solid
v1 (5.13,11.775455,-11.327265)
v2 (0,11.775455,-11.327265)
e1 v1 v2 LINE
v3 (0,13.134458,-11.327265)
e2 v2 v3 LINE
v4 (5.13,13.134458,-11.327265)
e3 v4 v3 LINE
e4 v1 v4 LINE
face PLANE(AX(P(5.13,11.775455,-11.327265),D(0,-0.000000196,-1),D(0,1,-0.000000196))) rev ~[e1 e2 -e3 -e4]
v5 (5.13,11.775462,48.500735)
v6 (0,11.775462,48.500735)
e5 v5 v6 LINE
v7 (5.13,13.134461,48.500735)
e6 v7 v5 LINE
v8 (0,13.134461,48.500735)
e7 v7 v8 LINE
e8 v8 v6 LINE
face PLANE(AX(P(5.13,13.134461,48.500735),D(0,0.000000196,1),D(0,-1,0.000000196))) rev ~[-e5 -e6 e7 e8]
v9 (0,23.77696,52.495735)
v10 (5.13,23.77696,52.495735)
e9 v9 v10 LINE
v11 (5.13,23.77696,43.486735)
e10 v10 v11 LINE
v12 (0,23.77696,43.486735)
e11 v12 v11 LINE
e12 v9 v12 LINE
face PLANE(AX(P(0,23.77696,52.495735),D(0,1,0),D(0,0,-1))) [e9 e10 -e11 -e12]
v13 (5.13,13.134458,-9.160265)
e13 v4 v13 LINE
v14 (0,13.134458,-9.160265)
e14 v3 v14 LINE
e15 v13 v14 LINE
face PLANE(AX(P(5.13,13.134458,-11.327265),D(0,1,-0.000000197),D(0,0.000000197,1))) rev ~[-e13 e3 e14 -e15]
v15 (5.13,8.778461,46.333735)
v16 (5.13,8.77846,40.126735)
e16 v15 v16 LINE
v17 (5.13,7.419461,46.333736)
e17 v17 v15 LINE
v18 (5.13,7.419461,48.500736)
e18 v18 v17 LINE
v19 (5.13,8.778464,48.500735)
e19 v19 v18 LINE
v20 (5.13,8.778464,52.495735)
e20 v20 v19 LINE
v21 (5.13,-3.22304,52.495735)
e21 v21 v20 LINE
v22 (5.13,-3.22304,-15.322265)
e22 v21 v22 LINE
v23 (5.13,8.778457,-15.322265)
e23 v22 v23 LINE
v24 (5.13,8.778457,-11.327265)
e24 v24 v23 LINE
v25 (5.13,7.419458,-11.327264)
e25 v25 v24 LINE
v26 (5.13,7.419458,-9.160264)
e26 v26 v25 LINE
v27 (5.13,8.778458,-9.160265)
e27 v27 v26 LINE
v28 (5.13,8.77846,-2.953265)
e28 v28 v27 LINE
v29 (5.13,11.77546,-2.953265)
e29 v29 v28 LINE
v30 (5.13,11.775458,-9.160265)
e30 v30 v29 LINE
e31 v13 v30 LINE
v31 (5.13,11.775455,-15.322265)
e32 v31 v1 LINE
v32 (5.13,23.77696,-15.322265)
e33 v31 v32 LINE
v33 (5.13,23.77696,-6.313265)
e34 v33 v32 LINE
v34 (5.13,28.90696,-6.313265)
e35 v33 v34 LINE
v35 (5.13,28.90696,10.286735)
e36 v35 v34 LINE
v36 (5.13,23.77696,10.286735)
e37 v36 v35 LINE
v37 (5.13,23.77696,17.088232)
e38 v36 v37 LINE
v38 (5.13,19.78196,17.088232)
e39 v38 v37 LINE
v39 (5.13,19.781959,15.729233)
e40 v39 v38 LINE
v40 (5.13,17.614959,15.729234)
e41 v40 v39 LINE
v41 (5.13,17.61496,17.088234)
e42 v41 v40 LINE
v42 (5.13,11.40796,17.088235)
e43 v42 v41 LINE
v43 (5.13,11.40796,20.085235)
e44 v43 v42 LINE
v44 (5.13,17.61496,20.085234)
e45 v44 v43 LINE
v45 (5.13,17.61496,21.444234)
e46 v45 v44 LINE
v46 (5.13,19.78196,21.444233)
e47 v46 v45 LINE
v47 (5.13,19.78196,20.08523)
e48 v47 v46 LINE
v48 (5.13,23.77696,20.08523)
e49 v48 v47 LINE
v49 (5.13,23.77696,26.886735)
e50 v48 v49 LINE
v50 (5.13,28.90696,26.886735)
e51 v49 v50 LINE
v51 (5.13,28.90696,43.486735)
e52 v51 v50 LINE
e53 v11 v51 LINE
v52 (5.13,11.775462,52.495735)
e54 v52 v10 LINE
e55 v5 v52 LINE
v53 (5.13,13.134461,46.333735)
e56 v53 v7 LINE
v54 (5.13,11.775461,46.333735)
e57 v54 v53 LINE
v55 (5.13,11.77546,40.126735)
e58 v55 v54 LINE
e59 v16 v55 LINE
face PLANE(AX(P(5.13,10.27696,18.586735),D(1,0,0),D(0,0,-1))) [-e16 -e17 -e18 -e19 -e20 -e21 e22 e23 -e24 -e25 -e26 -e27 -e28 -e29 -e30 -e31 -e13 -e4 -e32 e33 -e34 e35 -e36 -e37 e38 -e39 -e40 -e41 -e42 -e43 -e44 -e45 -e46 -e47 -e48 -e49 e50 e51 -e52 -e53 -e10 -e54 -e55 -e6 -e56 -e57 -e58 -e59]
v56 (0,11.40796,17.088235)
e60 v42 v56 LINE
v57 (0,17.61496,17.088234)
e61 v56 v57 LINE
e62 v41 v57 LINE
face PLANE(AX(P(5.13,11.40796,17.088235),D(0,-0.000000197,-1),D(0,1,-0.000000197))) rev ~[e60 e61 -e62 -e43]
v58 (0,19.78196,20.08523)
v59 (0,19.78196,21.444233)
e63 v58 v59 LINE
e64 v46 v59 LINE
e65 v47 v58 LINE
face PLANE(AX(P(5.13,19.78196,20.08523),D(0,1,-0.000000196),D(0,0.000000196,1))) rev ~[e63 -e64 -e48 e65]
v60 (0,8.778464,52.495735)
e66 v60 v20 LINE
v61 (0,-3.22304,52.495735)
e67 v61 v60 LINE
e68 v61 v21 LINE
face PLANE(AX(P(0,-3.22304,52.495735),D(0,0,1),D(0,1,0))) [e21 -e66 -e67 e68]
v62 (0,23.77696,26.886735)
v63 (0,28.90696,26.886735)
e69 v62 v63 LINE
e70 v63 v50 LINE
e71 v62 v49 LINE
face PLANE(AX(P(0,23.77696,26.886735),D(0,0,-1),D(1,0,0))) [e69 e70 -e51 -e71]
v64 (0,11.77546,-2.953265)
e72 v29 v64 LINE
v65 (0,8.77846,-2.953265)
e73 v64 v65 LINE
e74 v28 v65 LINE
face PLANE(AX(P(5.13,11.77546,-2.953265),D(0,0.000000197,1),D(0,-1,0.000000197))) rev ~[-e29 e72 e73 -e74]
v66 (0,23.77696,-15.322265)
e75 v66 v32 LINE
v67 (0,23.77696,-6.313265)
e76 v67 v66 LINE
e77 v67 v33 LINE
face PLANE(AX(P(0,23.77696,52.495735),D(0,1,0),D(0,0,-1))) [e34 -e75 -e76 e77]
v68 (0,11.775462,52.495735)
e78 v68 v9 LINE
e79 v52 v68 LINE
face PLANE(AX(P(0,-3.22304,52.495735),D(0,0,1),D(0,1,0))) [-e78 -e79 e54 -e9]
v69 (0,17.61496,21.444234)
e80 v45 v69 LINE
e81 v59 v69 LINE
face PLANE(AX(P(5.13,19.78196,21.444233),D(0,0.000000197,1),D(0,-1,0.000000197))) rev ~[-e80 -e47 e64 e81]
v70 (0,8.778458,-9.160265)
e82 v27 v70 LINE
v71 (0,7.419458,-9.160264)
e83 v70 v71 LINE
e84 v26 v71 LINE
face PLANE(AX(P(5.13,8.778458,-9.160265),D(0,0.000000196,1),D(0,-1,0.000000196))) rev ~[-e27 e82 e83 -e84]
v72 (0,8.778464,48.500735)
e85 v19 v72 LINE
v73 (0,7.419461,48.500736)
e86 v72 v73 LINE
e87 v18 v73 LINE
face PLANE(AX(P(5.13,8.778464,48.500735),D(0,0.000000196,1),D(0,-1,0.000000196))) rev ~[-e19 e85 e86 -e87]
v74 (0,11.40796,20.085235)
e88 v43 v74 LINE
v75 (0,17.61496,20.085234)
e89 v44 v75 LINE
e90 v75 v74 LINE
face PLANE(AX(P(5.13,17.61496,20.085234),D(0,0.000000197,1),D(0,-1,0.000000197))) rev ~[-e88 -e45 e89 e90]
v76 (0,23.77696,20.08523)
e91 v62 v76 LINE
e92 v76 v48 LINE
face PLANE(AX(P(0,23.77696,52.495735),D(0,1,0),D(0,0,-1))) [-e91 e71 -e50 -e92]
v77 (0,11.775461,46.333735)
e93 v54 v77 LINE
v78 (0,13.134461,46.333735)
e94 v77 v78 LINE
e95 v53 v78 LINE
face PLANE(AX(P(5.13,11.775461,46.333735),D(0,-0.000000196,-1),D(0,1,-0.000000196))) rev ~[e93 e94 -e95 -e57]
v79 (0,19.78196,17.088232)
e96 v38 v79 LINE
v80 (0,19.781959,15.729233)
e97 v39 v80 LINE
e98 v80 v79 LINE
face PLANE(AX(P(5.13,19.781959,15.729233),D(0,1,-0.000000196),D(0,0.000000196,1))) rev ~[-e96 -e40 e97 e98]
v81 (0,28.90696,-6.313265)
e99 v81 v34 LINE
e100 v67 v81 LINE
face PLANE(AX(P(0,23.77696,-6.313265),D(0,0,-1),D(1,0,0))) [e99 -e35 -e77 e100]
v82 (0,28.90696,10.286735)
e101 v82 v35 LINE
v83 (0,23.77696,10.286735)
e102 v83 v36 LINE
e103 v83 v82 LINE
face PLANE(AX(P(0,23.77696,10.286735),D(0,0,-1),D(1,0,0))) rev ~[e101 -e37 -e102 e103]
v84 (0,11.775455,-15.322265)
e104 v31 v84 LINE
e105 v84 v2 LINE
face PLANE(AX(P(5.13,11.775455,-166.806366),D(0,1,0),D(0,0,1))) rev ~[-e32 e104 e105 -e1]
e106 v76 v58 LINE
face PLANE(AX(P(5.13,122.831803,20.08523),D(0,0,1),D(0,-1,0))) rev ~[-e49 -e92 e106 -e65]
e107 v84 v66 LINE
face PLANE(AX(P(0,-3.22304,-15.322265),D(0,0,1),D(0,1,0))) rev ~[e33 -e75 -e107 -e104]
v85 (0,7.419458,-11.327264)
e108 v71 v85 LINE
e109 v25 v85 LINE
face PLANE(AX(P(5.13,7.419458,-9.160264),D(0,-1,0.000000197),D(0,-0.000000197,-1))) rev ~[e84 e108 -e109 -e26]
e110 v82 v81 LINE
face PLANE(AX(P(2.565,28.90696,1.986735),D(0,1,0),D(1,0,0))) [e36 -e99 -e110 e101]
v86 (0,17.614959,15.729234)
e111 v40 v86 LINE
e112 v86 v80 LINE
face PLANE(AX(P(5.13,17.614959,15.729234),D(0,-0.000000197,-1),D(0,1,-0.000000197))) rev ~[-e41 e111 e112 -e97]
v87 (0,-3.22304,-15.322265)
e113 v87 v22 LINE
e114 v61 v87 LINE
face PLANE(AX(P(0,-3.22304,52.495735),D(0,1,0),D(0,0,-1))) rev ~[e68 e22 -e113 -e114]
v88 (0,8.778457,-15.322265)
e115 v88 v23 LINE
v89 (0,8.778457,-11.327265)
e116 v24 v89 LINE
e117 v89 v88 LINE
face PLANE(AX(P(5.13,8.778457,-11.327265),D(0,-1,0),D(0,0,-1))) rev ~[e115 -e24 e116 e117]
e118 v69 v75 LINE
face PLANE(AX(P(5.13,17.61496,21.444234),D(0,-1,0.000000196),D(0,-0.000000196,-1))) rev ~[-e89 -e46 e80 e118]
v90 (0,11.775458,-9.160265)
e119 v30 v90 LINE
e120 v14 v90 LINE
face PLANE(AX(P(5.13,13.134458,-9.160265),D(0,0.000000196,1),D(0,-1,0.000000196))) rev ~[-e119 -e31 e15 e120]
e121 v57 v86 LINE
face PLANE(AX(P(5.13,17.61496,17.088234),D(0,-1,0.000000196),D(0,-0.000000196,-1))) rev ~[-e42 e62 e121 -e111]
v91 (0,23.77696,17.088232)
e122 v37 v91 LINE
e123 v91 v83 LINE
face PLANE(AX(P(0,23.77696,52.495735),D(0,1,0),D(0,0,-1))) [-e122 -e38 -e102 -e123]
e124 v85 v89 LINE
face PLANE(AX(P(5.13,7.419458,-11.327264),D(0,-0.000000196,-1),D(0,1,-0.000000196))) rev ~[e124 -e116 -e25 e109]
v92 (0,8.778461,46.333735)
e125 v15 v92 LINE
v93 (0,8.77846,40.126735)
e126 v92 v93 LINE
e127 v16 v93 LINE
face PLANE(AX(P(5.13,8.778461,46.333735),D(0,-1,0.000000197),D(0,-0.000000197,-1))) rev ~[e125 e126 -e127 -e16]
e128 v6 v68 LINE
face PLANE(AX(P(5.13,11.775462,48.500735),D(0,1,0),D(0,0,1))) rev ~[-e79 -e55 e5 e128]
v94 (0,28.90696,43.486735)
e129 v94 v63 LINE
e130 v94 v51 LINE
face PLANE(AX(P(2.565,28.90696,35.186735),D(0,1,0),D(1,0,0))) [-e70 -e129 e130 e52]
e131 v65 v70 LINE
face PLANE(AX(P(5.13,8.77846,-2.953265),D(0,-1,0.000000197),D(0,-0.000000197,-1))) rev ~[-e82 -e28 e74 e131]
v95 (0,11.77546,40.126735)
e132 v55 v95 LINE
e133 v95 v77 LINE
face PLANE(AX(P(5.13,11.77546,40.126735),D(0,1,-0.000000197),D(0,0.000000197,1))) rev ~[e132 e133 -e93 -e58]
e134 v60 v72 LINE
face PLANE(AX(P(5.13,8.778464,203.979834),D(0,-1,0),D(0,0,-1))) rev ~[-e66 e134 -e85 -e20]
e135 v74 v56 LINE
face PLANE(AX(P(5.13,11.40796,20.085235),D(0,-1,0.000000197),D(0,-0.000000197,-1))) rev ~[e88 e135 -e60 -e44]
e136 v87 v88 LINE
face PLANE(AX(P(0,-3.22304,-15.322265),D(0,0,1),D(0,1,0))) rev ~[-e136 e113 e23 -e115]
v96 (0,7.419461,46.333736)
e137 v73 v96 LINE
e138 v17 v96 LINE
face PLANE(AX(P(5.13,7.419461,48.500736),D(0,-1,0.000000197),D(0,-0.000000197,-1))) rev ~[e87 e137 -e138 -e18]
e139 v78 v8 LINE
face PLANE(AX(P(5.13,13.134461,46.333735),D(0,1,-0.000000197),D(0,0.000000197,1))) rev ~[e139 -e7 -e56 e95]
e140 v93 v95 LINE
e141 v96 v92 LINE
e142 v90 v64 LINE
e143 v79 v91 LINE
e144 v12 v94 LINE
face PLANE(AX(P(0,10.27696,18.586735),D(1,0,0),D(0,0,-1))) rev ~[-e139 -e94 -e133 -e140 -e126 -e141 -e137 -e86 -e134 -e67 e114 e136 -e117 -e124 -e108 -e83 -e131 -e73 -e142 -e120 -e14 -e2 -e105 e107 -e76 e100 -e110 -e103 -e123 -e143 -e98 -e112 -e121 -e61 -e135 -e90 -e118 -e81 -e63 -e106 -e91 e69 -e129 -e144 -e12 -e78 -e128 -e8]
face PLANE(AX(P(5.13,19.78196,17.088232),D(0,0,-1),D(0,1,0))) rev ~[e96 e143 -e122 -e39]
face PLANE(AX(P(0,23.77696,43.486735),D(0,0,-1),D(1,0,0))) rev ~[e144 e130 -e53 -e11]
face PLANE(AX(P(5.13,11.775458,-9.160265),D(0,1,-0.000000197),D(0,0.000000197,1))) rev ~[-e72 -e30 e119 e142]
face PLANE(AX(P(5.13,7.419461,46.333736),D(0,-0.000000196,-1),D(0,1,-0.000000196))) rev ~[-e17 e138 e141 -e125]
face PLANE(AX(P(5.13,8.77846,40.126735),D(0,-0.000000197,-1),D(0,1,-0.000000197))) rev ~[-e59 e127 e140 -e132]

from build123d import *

# Parameters (mm, degrees)
SKETCH2_W               = 67.818
SKETCH2_H               = 27
BOSS_EXTRUDE1_DEPTH     = 5.13
SKETCH3_W               = 5.13
SKETCH3_H               = 16.6
BOSS_EXTRUDE2_DEPTH     = 5.13
CUT_EXTRUDE3_DEPTH      = 1
CUT_EXTRUDE3_DEPTH_BACK = 6.13
T_SLOT_DEPTH            = 1
T_SLOT_DEPTH_BACK       = 6.13
CUT_EXTRUDE6_DEPTH      = 1
CUT_EXTRUDE6_DEPTH_BACK = 6.13


with BuildPart() as part:
    # Sketch2 → Boss-Extrude1 (new body)
    with BuildSketch(Plane(origin=(0, 0, 0), x_dir=(0, 0, -1), z_dir=(1, 0, 0))):
        with Locations((-18.586734769, 10.276959542)):
            Rectangle(SKETCH2_W, SKETCH2_H)
    extrude(amount=BOSS_EXTRUDE1_DEPTH)

    # Sketch3 → Boss-Extrude2 (add)
    with BuildSketch(Plane(origin=(0, 23.776959542, 0), x_dir=(1, 0, 0), z_dir=(0, 1, 0))):
        with Locations((2.565, -1.986734769)):
            Rectangle(SKETCH3_W, SKETCH3_H)
        with Locations((2.565, -35.186734769)):
            Rectangle(SKETCH3_W, SKETCH3_H)
    extrude(amount=BOSS_EXTRUDE2_DEPTH)

    # Sketch6 → Cut-Extrude3 (cut, two sides)
    with BuildSketch(Plane(origin=(5.13, 0, 0), x_dir=(0, 0, -1), z_dir=(1, 0, 0))) as cut_extrude3_sk:
        Polygon((-20.085230125, 122.831802954), (-20.085230125, 23.776960132), (-20.085230125, 19.781960132), (-21.444233122, 19.781960399), (-21.444233548, 17.614960399), (-20.085233548, 17.614960132), (-20.085234769, 11.407960132), (-17.088234769, 11.407959542), (-17.088233548, 17.614959542), (-15.729233548, 17.614959275), (-15.729233122, 19.781959275), (-17.088231927, 19.781959542), (-17.088231927, 23.776959542), (-17.088231927, 122.831802365), (-17.088192956, 320.94148801), (-20.085191154, 320.9414886), align=None)
    extrude(amount=CUT_EXTRUDE3_DEPTH, mode=Mode.SUBTRACT)
    extrude(cut_extrude3_sk.sketch, amount=-CUT_EXTRUDE3_DEPTH_BACK, mode=Mode.SUBTRACT)

    # Sketch4 → t-slot (cut, two sides)
    with BuildSketch(Plane(origin=(5.13, 0, 0), x_dir=(0, 0, -1), z_dir=(1, 0, 0))) as t_slot_sk:
        Polygon((-203.979833818, 8.778464186), (-52.495735359, 8.778464186), (-48.500735359, 8.778464186), (-48.500735626, 7.419461189), (-46.333735626, 7.419460763), (-46.333735359, 8.778460763), (-40.126735359, 8.778459542), (-40.126734769, 11.775459542), (-46.333734769, 11.775460763), (-46.333734502, 13.134460763), (-48.500734502, 13.134461189), (-48.500734769, 11.775462385), (-52.495734769, 11.775462385), (-203.979833229, 11.775462385), (-506.948030149, 11.775521982), (-506.948030738, 8.778523784), align=None)
    extrude(amount=T_SLOT_DEPTH, mode=Mode.SUBTRACT)
    extrude(t_slot_sk.sketch, amount=-T_SLOT_DEPTH_BACK, mode=Mode.SUBTRACT)

    # Sketch7 → Cut-Extrude6 (cut, two sides)
    with BuildSketch(Plane(origin=(5.13, 0, 0), x_dir=(0, 0, -1), z_dir=(1, 0, 0))) as cut_extrude6_sk:
        Polygon((166.806365691, 11.775454898), (15.322265231, 11.775454898), (11.327265231, 11.775454898), (11.327265498, 13.134457895), (9.160265498, 13.134458321), (9.160265231, 11.775458321), (2.953265231, 11.775459542), (2.953264641, 8.778459542), (9.160264641, 8.778458321), (9.160264374, 7.419458321), (11.327264374, 7.419457895), (11.327264641, 8.7784567), (15.322264641, 8.7784567), (166.806365101, 8.7784567), (469.77456602, 8.778397102), (469.77456661, 11.7753953), align=None)
    extrude(amount=CUT_EXTRUDE6_DEPTH, mode=Mode.SUBTRACT)
    extrude(cut_extrude6_sk.sketch, amount=-CUT_EXTRUDE6_DEPTH_BACK, mode=Mode.SUBTRACT)


solid = part.part
